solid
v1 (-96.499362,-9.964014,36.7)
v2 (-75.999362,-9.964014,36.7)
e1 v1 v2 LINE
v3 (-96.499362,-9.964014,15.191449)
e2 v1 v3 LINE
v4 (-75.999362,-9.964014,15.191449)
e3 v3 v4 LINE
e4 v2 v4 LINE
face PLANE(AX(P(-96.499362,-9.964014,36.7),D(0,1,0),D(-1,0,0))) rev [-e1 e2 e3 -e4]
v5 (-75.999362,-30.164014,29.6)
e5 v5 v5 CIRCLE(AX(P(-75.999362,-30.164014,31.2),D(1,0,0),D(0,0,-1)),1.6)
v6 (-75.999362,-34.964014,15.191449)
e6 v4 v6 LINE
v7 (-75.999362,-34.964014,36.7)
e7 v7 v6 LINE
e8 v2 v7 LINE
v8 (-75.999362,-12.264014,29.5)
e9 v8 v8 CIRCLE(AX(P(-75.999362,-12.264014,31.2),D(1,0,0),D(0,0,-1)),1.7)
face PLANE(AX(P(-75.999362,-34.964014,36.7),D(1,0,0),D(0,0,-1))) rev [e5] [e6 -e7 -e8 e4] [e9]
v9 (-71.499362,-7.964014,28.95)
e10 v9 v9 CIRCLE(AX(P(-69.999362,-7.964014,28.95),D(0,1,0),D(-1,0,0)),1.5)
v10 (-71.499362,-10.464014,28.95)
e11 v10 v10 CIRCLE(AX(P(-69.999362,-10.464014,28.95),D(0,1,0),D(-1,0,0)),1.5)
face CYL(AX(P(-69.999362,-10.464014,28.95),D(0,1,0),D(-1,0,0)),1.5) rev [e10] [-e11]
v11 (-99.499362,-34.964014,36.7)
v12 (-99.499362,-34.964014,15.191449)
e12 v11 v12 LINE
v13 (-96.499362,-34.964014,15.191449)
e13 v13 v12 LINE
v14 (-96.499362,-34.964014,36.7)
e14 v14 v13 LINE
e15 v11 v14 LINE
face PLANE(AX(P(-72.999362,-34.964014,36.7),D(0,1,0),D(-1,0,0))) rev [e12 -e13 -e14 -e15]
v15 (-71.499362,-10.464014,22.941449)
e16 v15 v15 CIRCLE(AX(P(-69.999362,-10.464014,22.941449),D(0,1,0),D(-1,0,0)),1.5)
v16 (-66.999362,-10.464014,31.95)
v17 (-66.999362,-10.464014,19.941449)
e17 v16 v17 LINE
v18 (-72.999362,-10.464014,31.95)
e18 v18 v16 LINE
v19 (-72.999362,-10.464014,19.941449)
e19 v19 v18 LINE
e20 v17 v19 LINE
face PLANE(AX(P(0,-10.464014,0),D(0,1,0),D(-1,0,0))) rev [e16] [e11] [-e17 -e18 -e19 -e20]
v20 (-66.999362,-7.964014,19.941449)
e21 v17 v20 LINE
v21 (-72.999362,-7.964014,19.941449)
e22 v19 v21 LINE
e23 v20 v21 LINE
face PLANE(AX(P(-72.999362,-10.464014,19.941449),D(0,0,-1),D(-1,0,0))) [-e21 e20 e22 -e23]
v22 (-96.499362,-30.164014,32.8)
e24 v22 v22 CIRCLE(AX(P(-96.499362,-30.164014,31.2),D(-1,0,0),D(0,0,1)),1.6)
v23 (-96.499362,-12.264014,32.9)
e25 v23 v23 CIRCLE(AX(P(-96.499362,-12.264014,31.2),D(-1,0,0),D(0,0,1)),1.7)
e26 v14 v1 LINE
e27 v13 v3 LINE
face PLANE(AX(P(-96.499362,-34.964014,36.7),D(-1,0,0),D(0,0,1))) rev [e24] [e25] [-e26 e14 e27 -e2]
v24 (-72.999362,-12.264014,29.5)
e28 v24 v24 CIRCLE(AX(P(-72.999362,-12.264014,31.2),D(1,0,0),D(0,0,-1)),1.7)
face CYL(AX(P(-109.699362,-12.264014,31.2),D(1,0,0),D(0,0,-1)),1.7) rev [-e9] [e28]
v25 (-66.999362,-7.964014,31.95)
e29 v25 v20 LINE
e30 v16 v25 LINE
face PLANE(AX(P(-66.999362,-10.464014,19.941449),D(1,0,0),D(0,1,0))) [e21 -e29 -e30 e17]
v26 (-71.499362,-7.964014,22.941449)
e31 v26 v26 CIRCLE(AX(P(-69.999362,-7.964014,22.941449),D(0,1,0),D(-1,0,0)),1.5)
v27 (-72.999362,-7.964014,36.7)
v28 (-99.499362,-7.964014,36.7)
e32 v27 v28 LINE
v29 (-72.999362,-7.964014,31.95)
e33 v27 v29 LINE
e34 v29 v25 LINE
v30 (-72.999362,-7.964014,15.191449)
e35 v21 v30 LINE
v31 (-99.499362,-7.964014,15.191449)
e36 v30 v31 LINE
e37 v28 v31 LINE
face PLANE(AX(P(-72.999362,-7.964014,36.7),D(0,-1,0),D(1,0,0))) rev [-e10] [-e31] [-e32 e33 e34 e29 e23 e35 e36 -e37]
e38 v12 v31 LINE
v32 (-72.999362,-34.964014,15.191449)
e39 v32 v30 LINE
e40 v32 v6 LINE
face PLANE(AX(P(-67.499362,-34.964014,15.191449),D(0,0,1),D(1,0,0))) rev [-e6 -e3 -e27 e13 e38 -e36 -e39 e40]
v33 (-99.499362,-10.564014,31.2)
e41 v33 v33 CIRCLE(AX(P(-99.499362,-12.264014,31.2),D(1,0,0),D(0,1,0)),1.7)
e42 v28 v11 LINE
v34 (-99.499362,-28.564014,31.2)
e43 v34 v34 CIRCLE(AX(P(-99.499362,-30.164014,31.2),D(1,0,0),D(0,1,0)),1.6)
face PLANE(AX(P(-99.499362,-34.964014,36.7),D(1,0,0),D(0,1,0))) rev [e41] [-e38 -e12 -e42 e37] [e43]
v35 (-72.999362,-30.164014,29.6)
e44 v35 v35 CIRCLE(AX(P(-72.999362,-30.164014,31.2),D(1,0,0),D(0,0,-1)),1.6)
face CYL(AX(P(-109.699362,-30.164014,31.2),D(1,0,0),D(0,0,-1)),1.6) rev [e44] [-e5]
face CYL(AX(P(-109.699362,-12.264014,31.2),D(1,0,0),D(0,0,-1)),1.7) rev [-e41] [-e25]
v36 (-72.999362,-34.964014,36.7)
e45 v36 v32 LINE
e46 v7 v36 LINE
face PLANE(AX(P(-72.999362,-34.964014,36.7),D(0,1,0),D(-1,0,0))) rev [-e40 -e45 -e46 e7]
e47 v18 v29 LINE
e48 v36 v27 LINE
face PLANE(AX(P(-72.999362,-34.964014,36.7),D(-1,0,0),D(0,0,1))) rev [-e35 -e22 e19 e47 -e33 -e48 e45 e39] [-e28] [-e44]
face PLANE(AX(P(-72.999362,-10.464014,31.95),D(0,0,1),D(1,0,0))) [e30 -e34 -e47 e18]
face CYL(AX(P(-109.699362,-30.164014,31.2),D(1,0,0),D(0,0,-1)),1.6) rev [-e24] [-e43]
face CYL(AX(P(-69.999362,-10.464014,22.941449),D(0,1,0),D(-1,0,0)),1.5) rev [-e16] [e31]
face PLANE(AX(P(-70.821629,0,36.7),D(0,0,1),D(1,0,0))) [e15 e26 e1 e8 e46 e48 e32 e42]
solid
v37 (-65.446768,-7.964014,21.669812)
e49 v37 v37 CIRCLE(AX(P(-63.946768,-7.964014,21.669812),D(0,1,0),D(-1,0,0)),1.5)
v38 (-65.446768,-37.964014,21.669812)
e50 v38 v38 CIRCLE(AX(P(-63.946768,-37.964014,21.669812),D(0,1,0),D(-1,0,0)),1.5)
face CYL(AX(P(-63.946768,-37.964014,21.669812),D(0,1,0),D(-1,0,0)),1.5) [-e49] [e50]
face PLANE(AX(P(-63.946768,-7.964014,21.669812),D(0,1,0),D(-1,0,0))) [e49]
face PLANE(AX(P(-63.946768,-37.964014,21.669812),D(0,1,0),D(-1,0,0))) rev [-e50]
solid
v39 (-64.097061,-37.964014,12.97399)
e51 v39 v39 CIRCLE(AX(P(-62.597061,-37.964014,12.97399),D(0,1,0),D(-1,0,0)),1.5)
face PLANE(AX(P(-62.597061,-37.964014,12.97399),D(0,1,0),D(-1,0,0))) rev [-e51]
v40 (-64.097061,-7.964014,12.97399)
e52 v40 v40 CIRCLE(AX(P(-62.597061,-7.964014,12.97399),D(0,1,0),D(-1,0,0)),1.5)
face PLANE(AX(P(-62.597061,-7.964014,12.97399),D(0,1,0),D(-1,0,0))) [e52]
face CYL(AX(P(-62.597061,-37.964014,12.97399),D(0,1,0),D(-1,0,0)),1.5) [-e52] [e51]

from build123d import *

# Parameters (mm, degrees)
SKETCH1_W             = 26.5
SKETCH1_H             = 27
BOSS_EXTRUDE1_DEPTH   = 36.7
SKETCH2_W             = 20.5
SKETCH2_H             = 25
CUT_EXTRUDE1_DEPTH    = 36.7
SKETCH3_R             = 1.7
SKETCH3_R_2           = 1.6
CUT_EXTRUDE2_DEPTH    = 36.7
SKETCH4_R             = 3
CUT_EXTRUDE3_DEPTH    = 36.7
SKETCH8_R             = 1.5
BOSS_EXTRUDE3_DEPTH   = 30
BOSS_EXTRUDE3_2_DEPTH = 30
SKETCH9_W             = 5.918746276
SKETCH9_H             = 6
SKETCH9_W_2           = 6.707912446
CUT_EXTRUDE4_DEPTH    = 12
SKETCH11_W            = 15.191448775
SKETCH11_H            = 37.067540439
CUT_EXTRUDE6_DEPTH    = 32
SKETCH12_W            = 12
SKETCH12_H            = 2.5
BOSS_EXTRUDE4_DEPTH   = 6
SKETCH13_R            = 1.5
CUT_EXTRUDE7_DEPTH    = 6
SKETCH14_W            = 11.732424075
SKETCH14_H            = 31.976606793
CUT_EXTRUDE8_DEPTH    = 10
SKETCH15_W            = 6
SKETCH15_H            = 12.008551225
SKETCH15_R            = 1.5
BOSS_EXTRUDE5_DEPTH   = 2.5
SKETCH16_W            = 54.936099305
SKETCH16_H            = 35.316063839
CUT_EXTRUDE9_DEPTH    = 50


with BuildPart() as part:
    # Sketch1 → Boss-Extrude1 (new body)
    with BuildSketch(Plane.XY):
        with Locations((-15.427732696, -21.46401366)):
            Rectangle(SKETCH1_W, SKETCH1_H)
    extrude(amount=BOSS_EXTRUDE1_DEPTH)

    # Sketch2 → Cut-Extrude1 (cut)
    with BuildSketch(Plane(origin=(0, 0, 0), x_dir=(-1, 0, 0), z_dir=(0, 0, -1))):
        with Locations((15.427732696, -22.46401366)):
            Rectangle(SKETCH2_W, SKETCH2_H)
    extrude(amount=-CUT_EXTRUDE1_DEPTH, mode=Mode.SUBTRACT)

    # Sketch3 → Cut-Extrude2 (cut)
    with BuildSketch(Plane(origin=(-2.177732696, 0, 0), x_dir=(0, 0, -1), z_dir=(1, 0, 0))):
        with Locations(Location((-31.2, -12.26401366, 0), (0, 0, 90))):
            Circle(SKETCH3_R)
        with Locations(Location((-31.2, -30.16401366, 0), (0, 0, 90))):
            Circle(SKETCH3_R_2)
    extrude(amount=-CUT_EXTRUDE2_DEPTH, mode=Mode.SUBTRACT)

    # Sketch4 → Cut-Extrude3 (cut)
    with BuildSketch(Plane(origin=(-2.177732696, 0, 0), x_dir=(0, 0, -1), z_dir=(1, 0, 0))):
        with Locations(Location((-12.025092395, -21.16401366, 0), (0, 0, 90))):
            Circle(SKETCH4_R)
    extrude(amount=-CUT_EXTRUDE3_DEPTH, mode=Mode.SUBTRACT)

    # Sketch9 → Cut-Extrude4 (cut)
    with BuildSketch(Plane(origin=(0, 0, 0), x_dir=(-1, 0, 0), z_dir=(0, 0, -1))):
        with Locations((3.689038825, -21.16401366)):
            Rectangle(SKETCH9_W, SKETCH9_H)
        with Locations((28.103867214, -21.16401366)):
            Rectangle(SKETCH9_W_2, SKETCH9_H)
    extrude(amount=-CUT_EXTRUDE4_DEPTH, mode=Mode.SUBTRACT)

    # Sketch11 → Cut-Extrude6 (cut)
    with BuildSketch(Plane.ZY.offset(28.677732696)):
        with Locations((7.595724388, -16.43024344)):
            Rectangle(SKETCH11_W, SKETCH11_H)
    extrude(amount=-CUT_EXTRUDE6_DEPTH, mode=Mode.SUBTRACT)

    # Sketch12 → Boss-Extrude4 (add)
    with BuildSketch(Plane.ZY.offset(28.677732696)):
        with Locations((25.95, -9.21401366)):
            Rectangle(SKETCH12_W, SKETCH12_H)
    extrude(amount=BOSS_EXTRUDE4_DEPTH)

    # Sketch13 → Cut-Extrude7 (cut)
    with BuildSketch(Plane(origin=(0, -7.96401366, 0), x_dir=(1, 0, 0), z_dir=(0, 1, 0))):
        with Locations(Location((-31.677732696, -22.95, 0), (0, 0, 180))):
            Circle(SKETCH13_R)
        with Locations(Location((-31.677732696, -28.95, 0), (0, 0, 180))):
            Circle(SKETCH13_R)
    extrude(amount=-CUT_EXTRUDE7_DEPTH, mode=Mode.SUBTRACT)


with BuildPart() as body_2:
    # Sketch8 → Boss-Extrude3 (new body)
    with BuildSketch(Plane(origin=(0, -7.96401366, 0), x_dir=(1, 0, 0), z_dir=(0, 1, 0))):
        with Locations(Location((7.15742756, -12.973989901, 0), (0, 0, 180))):
            Circle(SKETCH8_R)
    extrude(amount=-BOSS_EXTRUDE3_DEPTH)


with BuildPart() as body_3:
    # Sketch8 → Boss-Extrude3 2 (new body)
    with BuildSketch(Plane(origin=(0, -7.96401366, 0), x_dir=(1, 0, 0), z_dir=(0, 1, 0))):
        with Locations(Location((7.574350551, -21.669812293, 0), (0, 0, 180))):
            Circle(SKETCH8_R)
    extrude(amount=-BOSS_EXTRUDE3_2_DEPTH)


with BuildPart() as body_4:
    # Body-Move/Copy4: copy of part
    add(part.part.moved(Location((-70.821628829, 0, 0))))

    # Sketch14 → Cut-Extrude8 (cut)
    with BuildSketch(Plane(origin=(0, -7.96401366, 0), x_dir=(1, 0, 0), z_dir=(0, 1, 0))):
        with Locations((-105.365573562, -18.867606945)):
            Rectangle(SKETCH14_W, SKETCH14_H)
    extrude(amount=-CUT_EXTRUDE8_DEPTH, mode=Mode.SUBTRACT)

    # Sketch15 → Boss-Extrude5 (add)
    with BuildSketch(Plane(origin=(0, -7.96401366, 0), x_dir=(1, 0, 0), z_dir=(0, 1, 0))):
        with Locations((-69.999361524, -25.945724388)):
            Rectangle(SKETCH15_W, SKETCH15_H)
        with Locations(Location((-69.999361524, -22.941448775, 0), (0, 0, 180))):
            Circle(SKETCH15_R, mode=Mode.SUBTRACT)
        with Locations(Location((-69.999361524, -28.95, 0), (0, 0, 180))):
            Circle(SKETCH15_R, mode=Mode.SUBTRACT)
    extrude(amount=-BOSS_EXTRUDE5_DEPTH)


with BuildPart() as body_5:
    # Body-Move/Copy5: copy of body 2
    add(body_2.part.moved(Location((-69.754488263, 0, 0))))


with BuildPart() as body_6:
    # Body-Move/Copy6: copy of body 3
    add(body_3.part.moved(Location((-71.521118541, 0, 0))))


with BuildPart() as cut_extrude9_tool:
    # Sketch16 → Cut-Extrude9 (new body)
    with BuildSketch(Plane(origin=(0, -7.96401366, 0), x_dir=(1, 0, 0), z_dir=(0, 1, 0))):
        with Locations((-11.531444604, -23.623773167)):
            Rectangle(SKETCH16_W, SKETCH16_H)
    extrude(amount=-CUT_EXTRUDE9_DEPTH)


with BuildPart() as part_1:
    add(part.part)

    # Cut-Extrude9: cut by cut_extrude9_tool
    add(cut_extrude9_tool.part, mode=Mode.SUBTRACT)


with BuildPart() as body_2_1:
    add(body_2.part)

    # Cut-Extrude9: cut by cut_extrude9_tool
    add(cut_extrude9_tool.part, mode=Mode.SUBTRACT)


with BuildPart() as body_3_1:
    add(body_3.part)

    # Cut-Extrude9: cut by cut_extrude9_tool
    add(cut_extrude9_tool.part, mode=Mode.SUBTRACT)


solid = Compound([body_4.part, body_5.part, body_6.part])
